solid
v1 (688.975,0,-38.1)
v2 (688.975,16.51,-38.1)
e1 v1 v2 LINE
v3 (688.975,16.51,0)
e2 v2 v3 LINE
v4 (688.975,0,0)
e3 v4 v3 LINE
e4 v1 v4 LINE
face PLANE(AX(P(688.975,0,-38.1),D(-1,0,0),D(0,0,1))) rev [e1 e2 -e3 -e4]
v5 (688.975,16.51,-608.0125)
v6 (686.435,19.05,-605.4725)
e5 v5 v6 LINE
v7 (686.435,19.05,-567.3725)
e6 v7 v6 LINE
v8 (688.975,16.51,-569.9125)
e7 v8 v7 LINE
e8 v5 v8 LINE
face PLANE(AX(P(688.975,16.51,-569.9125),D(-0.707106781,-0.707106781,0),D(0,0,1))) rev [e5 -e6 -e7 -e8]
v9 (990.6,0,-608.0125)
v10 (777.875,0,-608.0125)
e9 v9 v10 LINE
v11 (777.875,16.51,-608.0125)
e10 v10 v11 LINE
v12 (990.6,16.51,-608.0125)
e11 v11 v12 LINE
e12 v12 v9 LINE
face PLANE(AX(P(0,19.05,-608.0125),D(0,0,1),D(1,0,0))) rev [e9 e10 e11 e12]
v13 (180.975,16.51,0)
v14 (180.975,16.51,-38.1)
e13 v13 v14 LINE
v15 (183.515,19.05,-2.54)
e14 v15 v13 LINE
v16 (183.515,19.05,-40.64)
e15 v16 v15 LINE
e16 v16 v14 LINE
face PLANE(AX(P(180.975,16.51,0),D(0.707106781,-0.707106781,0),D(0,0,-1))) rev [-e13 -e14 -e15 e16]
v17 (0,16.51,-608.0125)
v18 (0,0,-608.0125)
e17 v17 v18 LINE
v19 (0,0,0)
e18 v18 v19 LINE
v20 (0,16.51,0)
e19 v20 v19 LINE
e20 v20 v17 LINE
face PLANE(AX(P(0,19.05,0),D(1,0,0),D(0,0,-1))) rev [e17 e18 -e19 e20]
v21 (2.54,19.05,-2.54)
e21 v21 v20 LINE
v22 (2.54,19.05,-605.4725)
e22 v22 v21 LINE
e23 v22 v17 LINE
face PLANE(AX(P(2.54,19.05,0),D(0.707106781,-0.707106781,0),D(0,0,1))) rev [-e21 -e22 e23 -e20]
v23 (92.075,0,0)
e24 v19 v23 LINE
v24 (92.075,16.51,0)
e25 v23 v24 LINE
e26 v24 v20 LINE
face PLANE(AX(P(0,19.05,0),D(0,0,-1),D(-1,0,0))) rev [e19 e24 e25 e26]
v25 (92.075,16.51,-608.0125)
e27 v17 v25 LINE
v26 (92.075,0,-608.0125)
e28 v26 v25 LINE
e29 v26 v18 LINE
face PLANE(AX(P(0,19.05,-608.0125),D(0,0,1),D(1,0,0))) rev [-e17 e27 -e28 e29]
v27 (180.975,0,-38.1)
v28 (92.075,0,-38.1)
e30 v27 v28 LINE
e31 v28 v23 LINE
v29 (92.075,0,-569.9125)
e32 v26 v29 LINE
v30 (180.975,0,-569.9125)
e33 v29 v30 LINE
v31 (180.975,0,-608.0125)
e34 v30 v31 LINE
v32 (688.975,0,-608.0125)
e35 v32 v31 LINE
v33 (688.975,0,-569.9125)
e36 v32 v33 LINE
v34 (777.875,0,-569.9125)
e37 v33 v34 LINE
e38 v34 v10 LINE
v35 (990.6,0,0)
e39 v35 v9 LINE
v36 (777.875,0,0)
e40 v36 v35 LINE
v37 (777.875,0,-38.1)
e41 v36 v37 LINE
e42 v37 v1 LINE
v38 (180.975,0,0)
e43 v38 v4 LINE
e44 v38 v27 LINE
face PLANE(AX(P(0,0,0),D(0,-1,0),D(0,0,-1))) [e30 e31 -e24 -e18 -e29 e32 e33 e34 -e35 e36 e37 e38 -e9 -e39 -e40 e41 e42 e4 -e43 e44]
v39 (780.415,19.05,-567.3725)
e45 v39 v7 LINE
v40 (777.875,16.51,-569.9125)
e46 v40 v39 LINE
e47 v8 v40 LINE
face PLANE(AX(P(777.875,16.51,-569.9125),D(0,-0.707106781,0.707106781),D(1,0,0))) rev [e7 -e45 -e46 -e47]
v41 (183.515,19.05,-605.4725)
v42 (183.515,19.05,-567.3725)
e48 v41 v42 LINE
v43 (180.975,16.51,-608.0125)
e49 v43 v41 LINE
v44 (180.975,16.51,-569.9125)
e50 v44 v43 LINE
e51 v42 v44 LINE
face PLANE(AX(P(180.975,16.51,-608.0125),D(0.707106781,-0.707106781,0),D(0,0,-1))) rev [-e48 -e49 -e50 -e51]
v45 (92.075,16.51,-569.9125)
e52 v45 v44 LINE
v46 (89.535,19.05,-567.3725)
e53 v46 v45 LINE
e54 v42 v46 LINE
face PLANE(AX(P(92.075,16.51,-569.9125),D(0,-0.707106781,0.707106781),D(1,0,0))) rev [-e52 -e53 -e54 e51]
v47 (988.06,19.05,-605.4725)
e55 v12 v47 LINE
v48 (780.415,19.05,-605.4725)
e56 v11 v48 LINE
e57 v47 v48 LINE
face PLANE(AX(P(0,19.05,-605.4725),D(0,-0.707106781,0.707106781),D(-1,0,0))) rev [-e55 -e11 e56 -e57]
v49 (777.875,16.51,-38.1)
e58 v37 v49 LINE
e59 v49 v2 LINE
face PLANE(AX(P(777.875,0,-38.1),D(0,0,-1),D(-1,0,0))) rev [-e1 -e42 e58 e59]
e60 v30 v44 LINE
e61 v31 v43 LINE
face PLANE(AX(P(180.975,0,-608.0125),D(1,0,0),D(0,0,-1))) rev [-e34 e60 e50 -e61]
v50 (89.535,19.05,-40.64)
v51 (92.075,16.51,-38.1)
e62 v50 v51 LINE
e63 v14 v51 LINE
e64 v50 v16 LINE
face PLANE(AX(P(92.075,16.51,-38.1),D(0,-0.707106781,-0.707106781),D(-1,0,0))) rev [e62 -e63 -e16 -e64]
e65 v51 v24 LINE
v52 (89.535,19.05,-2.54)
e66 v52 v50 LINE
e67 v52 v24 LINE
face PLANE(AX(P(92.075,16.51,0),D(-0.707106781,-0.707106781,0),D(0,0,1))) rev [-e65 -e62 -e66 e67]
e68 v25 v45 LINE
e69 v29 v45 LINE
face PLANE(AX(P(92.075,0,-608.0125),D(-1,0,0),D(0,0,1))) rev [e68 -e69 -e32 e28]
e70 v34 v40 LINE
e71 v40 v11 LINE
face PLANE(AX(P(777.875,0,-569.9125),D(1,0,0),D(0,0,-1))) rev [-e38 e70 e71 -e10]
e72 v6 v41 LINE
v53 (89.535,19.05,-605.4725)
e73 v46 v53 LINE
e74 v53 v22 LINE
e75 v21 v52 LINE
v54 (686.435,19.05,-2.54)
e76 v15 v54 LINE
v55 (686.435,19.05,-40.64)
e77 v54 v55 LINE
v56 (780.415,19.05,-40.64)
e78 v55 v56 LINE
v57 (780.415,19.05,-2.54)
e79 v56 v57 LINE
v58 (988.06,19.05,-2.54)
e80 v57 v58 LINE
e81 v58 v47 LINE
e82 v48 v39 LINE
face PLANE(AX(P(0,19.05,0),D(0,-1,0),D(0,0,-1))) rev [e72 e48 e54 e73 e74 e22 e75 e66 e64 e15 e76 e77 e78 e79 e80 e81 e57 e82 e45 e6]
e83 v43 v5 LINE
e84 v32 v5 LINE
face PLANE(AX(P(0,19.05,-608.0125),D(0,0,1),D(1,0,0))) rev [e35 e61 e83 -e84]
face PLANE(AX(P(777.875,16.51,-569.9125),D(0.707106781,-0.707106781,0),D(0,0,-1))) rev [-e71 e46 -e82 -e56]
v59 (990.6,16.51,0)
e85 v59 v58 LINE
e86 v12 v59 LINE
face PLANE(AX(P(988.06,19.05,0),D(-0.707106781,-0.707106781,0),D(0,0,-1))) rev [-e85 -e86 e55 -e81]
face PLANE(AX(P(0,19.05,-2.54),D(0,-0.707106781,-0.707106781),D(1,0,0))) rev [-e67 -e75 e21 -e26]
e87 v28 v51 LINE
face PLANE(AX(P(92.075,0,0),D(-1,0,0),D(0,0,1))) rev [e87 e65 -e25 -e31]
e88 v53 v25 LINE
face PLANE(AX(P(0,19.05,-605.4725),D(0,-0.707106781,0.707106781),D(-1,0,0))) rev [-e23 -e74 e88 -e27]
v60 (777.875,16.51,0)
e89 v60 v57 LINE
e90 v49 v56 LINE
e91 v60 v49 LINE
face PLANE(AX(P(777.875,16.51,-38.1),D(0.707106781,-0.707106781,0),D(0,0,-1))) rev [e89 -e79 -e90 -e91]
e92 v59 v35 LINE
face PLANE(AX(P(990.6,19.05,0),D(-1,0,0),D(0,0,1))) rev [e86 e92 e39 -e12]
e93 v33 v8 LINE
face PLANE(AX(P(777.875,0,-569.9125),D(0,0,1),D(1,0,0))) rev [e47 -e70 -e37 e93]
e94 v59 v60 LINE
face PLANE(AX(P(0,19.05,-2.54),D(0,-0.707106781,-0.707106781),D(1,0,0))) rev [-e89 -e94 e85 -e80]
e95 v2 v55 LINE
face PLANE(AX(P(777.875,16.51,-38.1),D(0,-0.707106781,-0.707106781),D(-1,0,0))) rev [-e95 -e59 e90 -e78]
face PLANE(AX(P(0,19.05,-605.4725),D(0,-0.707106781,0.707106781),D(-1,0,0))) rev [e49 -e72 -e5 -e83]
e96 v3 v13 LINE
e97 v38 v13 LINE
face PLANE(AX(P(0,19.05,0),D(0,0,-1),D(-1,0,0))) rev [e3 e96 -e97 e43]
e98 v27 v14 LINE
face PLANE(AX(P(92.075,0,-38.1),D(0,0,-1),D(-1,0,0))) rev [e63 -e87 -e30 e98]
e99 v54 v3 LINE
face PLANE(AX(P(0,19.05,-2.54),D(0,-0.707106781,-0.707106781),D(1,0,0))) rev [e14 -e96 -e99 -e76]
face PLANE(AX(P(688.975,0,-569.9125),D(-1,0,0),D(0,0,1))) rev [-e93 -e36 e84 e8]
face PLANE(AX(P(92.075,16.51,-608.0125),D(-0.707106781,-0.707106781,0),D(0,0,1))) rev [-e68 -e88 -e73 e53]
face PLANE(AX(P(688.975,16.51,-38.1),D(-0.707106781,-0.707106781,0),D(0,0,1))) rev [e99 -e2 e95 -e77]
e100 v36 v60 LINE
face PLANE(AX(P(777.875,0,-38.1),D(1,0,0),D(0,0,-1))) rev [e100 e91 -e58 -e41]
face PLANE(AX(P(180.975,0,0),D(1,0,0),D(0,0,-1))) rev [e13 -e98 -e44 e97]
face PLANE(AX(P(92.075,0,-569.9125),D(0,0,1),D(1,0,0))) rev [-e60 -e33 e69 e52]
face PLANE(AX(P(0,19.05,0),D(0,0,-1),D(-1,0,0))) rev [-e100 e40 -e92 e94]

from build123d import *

# Parameters (mm, degrees)
SKETCH1_W           = 990.6
SKETCH1_H           = 608.0125
BOSS_EXTRUDE1_DEPTH = 19.05
SKETCH2_W           = 88.9
SKETCH2_H           = 38.1
CUT_EXTRUDE1_DEPTH  = 20.05
CHAMFER1_SIZE       = 2.54


with BuildPart() as part:
    # Sketch1 → Boss-Extrude1 (new body)
    with BuildSketch(Plane(origin=(0, 0, 0), x_dir=(1, 0, 0), z_dir=(0, 1, 0))):
        with Locations((495.3, 304.00625)):
            Rectangle(SKETCH1_W, SKETCH1_H)
    extrude(amount=BOSS_EXTRUDE1_DEPTH)

    # Sketch2 → Cut-Extrude1 (cut, through all)
    with BuildSketch(Plane(origin=(0, 19.05, 0), x_dir=(1, 0, 0), z_dir=(0, 1, 0))):
        with Locations((733.425, 588.9625)):
            Rectangle(SKETCH2_W, SKETCH2_H)
        with Locations((136.525, 588.9625)):
            Rectangle(SKETCH2_W, SKETCH2_H)
        with Locations((136.525, 19.05)):
            Rectangle(SKETCH2_W, SKETCH2_H)
        with Locations((733.425, 19.05)):
            Rectangle(SKETCH2_W, SKETCH2_H)
    extrude(amount=-CUT_EXTRUDE1_DEPTH, mode=Mode.SUBTRACT)

    # Chamfer1
    chamfer1_edges = [part.edges().sort_by_distance(p)[0] for p in [
        (990.6, 19.05, -304.00625),
        (884.2375, 19.05, -608.0125),
        (434.975, 19.05, 0),
        (884.2375, 19.05, 0),
        (434.975, 19.05, -608.0125),
        (46.0375, 19.05, -608.0125),
        (733.425, 19.05, -38.1),
        (688.975, 19.05, -19.05),
        (777.875, 19.05, -19.05),
        (180.975, 19.05, -19.05),
        (136.525, 19.05, -38.1),
        (92.075, 19.05, -19.05),
        (92.075, 19.05, -588.9625),
        (136.525, 19.05, -569.9125),
        (180.975, 19.05, -588.9625),
        (0, 19.05, -304.00625),
        (777.875, 19.05, -588.9625),
        (688.975, 19.05, -588.9625),
        (733.425, 19.05, -569.9125),
        (46.0375, 19.05, 0),
    ]]
    chamfer(chamfer1_edges, length=CHAMFER1_SIZE)


solid = part.part
